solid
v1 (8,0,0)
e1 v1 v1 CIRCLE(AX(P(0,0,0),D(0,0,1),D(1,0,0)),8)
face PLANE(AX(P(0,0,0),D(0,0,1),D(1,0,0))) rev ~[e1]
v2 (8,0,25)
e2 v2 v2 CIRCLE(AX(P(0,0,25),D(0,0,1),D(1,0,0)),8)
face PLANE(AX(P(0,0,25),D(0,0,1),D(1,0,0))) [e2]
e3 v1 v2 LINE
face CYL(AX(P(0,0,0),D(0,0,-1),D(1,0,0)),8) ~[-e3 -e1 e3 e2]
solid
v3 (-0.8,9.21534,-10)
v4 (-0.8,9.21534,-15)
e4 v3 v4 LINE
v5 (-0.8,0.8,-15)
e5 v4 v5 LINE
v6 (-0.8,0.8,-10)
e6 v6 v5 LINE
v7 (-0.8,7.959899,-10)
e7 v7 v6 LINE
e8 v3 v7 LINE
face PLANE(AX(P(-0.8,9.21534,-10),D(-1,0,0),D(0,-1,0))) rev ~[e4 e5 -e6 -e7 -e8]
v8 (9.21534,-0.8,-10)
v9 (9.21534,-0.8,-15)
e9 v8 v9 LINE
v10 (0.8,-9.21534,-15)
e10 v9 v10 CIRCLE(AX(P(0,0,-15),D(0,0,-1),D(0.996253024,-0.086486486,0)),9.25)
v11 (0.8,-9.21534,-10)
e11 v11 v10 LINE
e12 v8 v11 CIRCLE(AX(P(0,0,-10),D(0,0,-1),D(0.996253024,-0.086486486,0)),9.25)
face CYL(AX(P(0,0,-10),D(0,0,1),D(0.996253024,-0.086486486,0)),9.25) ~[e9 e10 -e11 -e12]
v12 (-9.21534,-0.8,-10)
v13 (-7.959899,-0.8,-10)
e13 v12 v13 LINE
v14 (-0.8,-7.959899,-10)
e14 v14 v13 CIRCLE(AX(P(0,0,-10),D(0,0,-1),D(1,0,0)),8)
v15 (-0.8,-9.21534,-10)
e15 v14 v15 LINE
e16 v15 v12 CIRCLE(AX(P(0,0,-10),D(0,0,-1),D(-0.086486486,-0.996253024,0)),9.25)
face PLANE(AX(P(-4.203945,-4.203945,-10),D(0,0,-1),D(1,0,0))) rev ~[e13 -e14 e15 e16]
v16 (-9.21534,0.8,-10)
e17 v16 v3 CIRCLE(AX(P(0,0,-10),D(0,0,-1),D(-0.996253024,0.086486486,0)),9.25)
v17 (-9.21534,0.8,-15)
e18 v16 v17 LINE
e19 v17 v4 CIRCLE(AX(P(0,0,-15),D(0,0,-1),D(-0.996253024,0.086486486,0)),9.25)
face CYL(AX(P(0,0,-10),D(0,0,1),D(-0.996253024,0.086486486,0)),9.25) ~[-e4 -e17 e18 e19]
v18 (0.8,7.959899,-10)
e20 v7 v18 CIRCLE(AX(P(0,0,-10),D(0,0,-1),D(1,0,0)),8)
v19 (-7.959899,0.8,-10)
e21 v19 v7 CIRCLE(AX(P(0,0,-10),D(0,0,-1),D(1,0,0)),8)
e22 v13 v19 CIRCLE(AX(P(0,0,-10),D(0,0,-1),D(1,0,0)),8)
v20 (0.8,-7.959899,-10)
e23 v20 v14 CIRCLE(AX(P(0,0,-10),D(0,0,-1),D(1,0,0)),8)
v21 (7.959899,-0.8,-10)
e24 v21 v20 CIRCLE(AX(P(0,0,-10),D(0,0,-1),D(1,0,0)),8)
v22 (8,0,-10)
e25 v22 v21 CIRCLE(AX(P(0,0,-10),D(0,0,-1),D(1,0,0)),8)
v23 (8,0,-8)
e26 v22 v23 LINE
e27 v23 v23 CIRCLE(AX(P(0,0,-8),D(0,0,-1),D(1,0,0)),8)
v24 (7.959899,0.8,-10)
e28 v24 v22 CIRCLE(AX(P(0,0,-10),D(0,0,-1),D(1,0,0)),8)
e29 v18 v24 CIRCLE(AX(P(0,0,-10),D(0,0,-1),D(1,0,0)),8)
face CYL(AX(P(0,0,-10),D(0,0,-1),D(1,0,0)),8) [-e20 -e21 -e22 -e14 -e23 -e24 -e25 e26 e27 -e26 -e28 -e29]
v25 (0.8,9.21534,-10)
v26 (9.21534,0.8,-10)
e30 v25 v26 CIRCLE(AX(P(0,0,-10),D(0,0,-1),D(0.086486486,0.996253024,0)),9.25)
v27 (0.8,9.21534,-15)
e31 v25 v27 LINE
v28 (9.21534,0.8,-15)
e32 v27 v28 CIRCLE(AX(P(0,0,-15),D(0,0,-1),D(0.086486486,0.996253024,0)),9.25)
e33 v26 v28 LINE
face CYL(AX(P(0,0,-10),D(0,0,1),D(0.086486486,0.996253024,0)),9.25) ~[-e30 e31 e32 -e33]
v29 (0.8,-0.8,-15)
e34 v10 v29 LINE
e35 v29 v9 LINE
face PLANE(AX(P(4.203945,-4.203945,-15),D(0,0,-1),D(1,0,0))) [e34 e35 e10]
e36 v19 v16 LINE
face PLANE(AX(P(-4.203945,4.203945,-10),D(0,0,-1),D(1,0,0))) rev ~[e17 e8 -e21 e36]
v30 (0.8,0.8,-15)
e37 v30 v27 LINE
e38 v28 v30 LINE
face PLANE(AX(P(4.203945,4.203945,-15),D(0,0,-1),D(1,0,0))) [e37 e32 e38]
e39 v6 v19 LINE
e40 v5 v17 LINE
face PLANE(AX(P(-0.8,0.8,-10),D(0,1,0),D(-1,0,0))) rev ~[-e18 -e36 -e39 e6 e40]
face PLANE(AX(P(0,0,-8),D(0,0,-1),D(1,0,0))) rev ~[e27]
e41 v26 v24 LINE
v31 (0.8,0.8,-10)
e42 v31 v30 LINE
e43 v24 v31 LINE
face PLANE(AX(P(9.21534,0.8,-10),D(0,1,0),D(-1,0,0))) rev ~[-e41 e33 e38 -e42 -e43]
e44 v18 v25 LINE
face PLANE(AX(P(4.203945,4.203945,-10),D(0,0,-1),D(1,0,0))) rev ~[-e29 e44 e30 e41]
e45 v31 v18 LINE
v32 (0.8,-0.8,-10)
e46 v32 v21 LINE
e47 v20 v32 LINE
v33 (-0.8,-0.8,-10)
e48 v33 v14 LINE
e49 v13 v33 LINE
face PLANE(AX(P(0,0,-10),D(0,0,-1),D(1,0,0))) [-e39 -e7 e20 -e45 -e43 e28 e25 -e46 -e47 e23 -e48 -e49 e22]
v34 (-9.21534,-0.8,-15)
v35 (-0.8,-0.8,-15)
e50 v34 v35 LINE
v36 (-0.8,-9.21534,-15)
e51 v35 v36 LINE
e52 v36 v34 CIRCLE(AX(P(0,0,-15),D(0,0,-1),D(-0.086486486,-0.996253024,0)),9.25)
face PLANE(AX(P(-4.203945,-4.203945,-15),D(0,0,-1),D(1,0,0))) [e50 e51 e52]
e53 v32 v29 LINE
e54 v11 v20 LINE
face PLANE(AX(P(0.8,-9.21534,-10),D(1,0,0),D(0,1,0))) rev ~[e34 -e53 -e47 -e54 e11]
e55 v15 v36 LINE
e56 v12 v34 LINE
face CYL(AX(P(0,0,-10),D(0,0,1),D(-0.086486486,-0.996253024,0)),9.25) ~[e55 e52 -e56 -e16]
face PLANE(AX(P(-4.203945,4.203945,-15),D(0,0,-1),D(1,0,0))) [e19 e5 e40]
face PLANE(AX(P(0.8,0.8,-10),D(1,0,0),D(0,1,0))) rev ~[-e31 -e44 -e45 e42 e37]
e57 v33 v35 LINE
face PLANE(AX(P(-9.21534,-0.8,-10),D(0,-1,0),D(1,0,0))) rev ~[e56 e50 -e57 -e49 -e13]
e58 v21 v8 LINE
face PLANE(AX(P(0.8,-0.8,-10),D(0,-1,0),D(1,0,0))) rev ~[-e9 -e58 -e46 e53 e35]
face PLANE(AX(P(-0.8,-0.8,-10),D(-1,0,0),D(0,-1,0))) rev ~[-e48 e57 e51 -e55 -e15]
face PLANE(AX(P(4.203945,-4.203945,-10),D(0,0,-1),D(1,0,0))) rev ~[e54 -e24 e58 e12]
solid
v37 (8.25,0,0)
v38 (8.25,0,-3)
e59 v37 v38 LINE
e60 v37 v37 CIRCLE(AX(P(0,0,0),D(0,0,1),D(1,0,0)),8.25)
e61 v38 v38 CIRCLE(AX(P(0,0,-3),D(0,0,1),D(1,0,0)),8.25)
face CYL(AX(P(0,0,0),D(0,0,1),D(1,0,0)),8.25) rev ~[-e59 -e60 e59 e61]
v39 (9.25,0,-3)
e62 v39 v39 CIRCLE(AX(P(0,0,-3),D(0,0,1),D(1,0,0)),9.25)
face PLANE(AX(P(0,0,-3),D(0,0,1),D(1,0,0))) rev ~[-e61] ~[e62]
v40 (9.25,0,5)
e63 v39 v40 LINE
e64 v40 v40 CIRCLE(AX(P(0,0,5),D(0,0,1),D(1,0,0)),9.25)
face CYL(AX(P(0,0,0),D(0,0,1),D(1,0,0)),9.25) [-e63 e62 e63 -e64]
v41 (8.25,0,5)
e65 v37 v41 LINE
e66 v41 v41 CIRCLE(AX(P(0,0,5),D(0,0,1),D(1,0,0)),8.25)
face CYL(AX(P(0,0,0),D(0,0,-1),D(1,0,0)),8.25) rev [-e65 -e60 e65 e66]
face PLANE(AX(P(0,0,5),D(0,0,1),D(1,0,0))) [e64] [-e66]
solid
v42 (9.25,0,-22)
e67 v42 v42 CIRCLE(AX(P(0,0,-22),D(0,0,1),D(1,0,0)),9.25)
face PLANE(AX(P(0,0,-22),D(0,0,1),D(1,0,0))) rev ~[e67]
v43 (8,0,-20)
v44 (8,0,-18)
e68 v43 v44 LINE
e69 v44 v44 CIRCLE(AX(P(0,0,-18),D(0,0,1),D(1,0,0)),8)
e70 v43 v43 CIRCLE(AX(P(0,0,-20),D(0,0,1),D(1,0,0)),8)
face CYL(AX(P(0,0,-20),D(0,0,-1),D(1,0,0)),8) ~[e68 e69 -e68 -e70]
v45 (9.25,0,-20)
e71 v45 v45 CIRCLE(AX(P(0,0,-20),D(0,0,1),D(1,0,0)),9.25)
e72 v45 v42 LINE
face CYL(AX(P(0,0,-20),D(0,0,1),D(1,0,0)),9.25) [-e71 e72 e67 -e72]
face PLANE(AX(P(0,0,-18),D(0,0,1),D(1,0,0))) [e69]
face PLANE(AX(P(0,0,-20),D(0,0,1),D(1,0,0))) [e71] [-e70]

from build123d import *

# Parameters (mm, degrees)
F0_R          = 8
F1_DEPTH      = 25
F2_R          = 9.25
F2_R_2        = 8.25
F3_DEPTH      = 5
F3_DEPTH_BACK = 3
F5_R          = 8
F6_DEPTH      = 2
F8_DEPTH      = 5
F10_R         = 8
F11_DEPTH     = 2
F10_R_2       = 9.25
F12_DEPTH     = 2


with BuildPart() as f1:
    # F0 (on Top) → F1 (new body)
    with BuildSketch(Plane.XY):
        Circle(F0_R)
    extrude(amount=F1_DEPTH)


with BuildPart() as f3:
    # F2 (on Top) → F3 (new body, two sides)
    with BuildSketch(Plane.XY) as f3_sk:
        Circle(F2_R)
        Circle(F2_R_2, mode=Mode.SUBTRACT)
    extrude(amount=F3_DEPTH)
    extrude(f3_sk.sketch, amount=-F3_DEPTH_BACK)


with BuildPart() as f6:
    # F5 (on offset) → F6 (new body)
    with BuildSketch(Plane(origin=(0, 0, -10), x_dir=(1, 0, 0), z_dir=(0, 0, -1))):
        Circle(F5_R)
    extrude(amount=-F6_DEPTH)

    # F7 (on offset) → F8 (join)
    with BuildSketch(Plane(origin=(0, 0, -10), x_dir=(1, 0, 0), z_dir=(0, 0, -1))):
        with BuildLine():
            Line((-0.8, 0.8), (-0.8, 9.2153404712))
            ThreePointArc((-0.8, 9.2153404712), (-6.540737726, 6.540737726), (-9.2153404712, 0.8))
            Line((-9.2153404712, 0.8), (-0.8, 0.8))
        make_face()
        with BuildLine():
            Line((0.8, 0.8), (9.2153404712, 0.8))
            ThreePointArc((9.2153404712, 0.8), (6.540737726, 6.540737726), (0.8, 9.2153404712))
            Line((0.8, 9.2153404712), (0.8, 0.8))
        make_face()
        with BuildLine():
            ThreePointArc((-9.2153404712, -0.8), (-6.540737726, -6.540737726), (-0.8, -9.2153404712))
            Line((-0.8, -9.2153404712), (-0.8, -0.8))
            Line((-0.8, -0.8), (-9.2153404712, -0.8))
        make_face()
        with BuildLine():
            ThreePointArc((0.8, -9.2153404712), (6.540737726, -6.540737726), (9.2153404712, -0.8))
            Line((9.2153404712, -0.8), (0.8, -0.8))
            Line((0.8, -0.8), (0.8, -9.2153404712))
        make_face()
    extrude(amount=F8_DEPTH)


with BuildPart() as f11:
    # F10 (on offset) → F11 (new body)
    with BuildSketch(Plane.XY.offset(-20)):
        Circle(F10_R)
    extrude(amount=F11_DEPTH)

    # F10 (on offset) → F12 (join)
    with BuildSketch(Plane.XY.offset(-20)):
        Circle(F10_R_2)
        Circle(F10_R, mode=Mode.SUBTRACT)
        Circle(F10_R)
    extrude(amount=-F12_DEPTH)


solid = Compound([f1.part, f3.part, f6.part, f11.part])
